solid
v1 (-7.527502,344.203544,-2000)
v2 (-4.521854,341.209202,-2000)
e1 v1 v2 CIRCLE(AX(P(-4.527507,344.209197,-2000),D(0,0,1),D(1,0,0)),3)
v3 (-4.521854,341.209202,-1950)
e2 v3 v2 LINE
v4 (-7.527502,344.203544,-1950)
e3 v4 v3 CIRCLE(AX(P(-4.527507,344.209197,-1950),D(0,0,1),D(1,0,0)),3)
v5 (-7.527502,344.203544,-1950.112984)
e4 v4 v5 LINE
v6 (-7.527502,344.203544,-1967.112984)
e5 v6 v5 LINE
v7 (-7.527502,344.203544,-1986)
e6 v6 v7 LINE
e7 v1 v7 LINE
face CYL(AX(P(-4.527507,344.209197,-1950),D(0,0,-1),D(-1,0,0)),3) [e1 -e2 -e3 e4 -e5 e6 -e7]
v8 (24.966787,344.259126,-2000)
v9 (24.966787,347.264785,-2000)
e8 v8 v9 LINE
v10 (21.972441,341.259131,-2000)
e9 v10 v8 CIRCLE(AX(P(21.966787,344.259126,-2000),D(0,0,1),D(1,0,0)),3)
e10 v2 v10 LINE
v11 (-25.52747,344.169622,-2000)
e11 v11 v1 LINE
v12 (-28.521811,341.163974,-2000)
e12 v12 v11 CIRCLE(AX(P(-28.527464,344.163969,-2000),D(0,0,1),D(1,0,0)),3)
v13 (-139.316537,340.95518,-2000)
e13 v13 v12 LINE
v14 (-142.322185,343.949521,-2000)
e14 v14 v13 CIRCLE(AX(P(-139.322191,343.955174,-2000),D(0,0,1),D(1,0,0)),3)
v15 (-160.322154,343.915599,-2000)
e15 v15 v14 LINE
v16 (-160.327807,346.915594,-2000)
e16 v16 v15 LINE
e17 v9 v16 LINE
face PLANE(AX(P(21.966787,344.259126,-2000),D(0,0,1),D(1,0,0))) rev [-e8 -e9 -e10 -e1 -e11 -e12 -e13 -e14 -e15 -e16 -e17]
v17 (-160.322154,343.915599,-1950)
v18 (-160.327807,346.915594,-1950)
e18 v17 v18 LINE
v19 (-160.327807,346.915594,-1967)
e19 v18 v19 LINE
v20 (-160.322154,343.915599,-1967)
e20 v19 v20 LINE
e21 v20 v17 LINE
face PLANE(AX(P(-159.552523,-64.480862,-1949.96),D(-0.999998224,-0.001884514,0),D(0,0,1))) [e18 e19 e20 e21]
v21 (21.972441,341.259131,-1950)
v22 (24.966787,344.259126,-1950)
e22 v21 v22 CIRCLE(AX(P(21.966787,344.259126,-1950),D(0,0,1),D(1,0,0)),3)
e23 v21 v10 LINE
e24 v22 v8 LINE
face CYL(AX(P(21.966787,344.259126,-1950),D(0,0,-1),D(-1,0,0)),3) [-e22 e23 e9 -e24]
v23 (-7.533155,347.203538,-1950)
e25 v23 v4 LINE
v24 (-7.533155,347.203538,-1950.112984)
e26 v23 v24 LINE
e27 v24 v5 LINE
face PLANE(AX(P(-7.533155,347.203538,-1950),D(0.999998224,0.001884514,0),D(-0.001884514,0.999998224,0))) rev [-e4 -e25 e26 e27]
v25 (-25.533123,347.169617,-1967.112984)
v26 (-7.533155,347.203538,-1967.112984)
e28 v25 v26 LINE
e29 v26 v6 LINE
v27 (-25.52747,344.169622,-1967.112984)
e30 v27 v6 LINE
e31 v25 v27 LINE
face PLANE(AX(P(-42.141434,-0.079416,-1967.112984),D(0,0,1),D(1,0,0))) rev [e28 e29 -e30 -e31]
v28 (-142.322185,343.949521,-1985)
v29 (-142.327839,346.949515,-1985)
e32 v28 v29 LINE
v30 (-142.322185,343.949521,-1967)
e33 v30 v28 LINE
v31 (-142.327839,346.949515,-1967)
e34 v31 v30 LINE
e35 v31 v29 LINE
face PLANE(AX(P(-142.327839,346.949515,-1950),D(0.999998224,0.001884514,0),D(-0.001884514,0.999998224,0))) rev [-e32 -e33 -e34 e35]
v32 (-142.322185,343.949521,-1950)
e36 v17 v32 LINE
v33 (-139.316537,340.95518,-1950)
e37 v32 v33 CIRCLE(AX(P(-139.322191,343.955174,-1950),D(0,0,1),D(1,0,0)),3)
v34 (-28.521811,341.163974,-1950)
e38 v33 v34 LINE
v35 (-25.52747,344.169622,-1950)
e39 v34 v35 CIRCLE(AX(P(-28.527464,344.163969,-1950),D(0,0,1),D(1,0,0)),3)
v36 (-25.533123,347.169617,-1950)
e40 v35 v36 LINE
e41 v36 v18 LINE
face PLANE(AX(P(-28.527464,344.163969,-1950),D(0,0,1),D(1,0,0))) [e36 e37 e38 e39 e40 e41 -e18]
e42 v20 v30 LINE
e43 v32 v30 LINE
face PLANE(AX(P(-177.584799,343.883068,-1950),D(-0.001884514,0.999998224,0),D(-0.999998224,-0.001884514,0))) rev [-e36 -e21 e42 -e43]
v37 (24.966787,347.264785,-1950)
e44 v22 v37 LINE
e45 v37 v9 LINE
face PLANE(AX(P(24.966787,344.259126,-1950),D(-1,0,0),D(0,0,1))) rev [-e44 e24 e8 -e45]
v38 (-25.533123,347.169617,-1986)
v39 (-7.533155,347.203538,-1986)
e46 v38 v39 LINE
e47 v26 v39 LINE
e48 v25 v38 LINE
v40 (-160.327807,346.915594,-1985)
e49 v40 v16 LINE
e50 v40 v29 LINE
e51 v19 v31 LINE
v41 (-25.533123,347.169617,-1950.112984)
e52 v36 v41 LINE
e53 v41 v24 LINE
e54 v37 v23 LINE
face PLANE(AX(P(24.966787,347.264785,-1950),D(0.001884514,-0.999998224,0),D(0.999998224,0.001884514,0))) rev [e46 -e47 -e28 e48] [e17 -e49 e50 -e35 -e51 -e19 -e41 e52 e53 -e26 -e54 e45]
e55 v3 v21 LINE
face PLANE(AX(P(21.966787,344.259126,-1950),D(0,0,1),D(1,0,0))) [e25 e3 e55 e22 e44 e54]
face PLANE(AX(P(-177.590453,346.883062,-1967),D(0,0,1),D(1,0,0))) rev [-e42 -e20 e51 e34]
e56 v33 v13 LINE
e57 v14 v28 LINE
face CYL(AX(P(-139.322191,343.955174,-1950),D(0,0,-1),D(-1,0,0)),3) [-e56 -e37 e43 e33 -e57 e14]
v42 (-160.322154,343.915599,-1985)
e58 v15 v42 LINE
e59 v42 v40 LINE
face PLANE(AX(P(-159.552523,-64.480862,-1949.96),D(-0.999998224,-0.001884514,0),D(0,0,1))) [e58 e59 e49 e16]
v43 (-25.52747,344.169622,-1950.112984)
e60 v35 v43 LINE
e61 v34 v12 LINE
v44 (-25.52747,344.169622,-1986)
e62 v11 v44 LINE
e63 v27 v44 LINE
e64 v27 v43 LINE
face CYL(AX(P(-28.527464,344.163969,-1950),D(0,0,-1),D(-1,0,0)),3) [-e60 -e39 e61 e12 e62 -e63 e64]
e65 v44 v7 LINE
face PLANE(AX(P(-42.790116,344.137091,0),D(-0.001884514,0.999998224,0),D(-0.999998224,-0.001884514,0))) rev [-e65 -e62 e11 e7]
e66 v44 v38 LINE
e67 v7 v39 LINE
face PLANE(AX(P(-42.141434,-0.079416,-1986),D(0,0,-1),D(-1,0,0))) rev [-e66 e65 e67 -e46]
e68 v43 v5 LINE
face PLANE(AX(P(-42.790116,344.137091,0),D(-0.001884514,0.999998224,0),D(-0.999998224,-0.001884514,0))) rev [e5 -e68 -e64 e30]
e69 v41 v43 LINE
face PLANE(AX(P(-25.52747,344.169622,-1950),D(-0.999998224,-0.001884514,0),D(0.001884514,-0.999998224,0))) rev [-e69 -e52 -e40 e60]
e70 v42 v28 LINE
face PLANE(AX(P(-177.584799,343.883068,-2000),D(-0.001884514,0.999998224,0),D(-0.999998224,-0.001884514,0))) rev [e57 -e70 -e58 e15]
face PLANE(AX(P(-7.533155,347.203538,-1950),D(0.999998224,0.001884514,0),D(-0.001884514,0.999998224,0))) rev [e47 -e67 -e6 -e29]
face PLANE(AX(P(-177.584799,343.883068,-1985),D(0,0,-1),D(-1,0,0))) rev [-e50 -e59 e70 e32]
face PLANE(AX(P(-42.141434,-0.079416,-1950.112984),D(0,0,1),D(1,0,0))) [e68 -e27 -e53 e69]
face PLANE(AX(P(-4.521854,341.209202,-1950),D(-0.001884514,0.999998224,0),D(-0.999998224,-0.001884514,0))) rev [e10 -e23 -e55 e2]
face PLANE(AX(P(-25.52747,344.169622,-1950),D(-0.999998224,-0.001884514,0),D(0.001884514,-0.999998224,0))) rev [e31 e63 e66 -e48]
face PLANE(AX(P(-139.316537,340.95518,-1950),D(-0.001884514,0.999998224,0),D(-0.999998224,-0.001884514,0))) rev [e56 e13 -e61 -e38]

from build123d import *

# Parameters (mm, degrees)
BOSS_EXTRUDE4_DEPTH   = 50
BOSS_EXTRUDE4_2_DEPTH = 50
SKETCH7_W             = 17
SKETCH7_H             = 3
SKETCH7_W_2           = 14
BOSS_EXTRUDE5_DEPTH   = 18
SKETCH8_W             = 17
SKETCH8_H             = 3
SKETCH8_W_2           = 15
BOSS_EXTRUDE6_DEPTH   = 18


with BuildPart() as part:
    # Sketch6 → Boss-Extrude4 (new body)
    with BuildSketch(Plane.XY.offset(-2000)):
        with BuildLine():
            Line((24.966787002, 344.25912611), (24.966787002, 347.264784988))
            Line((24.966787002, 347.264784988), (-7.533155287, 347.203538294))
            Line((-7.533155287, 347.203538294), (-7.527501746, 344.203543621))
            ThreePointArc((-7.527501746, 344.203543621), (-6.644825993, 342.083882928), (-4.521853532, 341.209202489))
            Line((-4.521853532, 341.209202489), (21.972440543, 341.259131437))
            ThreePointArc((21.972440543, 341.259131437), (24.090105234, 342.139805537), (24.966787002, 344.25912611))
        make_face()
    extrude(amount=BOSS_EXTRUDE4_DEPTH)



with BuildPart() as body_2:
    # Sketch6 → Boss-Extrude4 2 (new body)
    with BuildSketch(Plane.XY.offset(-2000)):
        with BuildLine():
            Line((-25.527469784, 344.169622375), (-25.533123325, 347.169617048))
            Line((-25.533123325, 347.169617048), (-142.327839016, 346.949515419))
            Line((-142.327839016, 346.949515419), (-142.322185475, 343.949520746))
            ThreePointArc((-142.322185475, 343.949520746), (-141.439509722, 341.829860053), (-139.316537261, 340.955179614))
            Line((-139.316537261, 340.955179614), (-28.521810916, 341.163974161))
            ThreePointArc((-28.521810916, 341.163974161), (-26.402150223, 342.046649914), (-25.527469784, 344.169622375))
        make_face()
    extrude(amount=BOSS_EXTRUDE4_2_DEPTH)


with BuildPart() as part_1:
    add(part.part)

    add(body_2.part)  # Boss-Extrude5 merges body 2
    # Sketch7 → Boss-Extrude5 (add)
    with BuildSketch(Plane(origin=(-6.878819882, -0.012963253, 0), x_dir=(0, 0, 1), z_dir=(-0.9999982243025385, -0.001884513669318331, 0))):
        with Locations((-1958.612984199, 345.717118099)):
            Rectangle(SKETCH7_W, SKETCH7_H)
        with Locations((-1993, 345.717118099)):
            Rectangle(SKETCH7_W_2, SKETCH7_H)
    extrude(amount=BOSS_EXTRUDE5_DEPTH)

    # Sketch8 → Boss-Extrude6 (add)
    with BuildSketch(Plane(origin=(-141.673503611, -0.266986128, 0), x_dir=(0, 0, 1), z_dir=(-0.9999982243025385, -0.001884513669318331, 0))):
        with Locations((-1958.5, 345.717118099)):
            Rectangle(SKETCH8_W, SKETCH8_H)
        with Locations((-1992.5, 345.717118099)):
            Rectangle(SKETCH8_W_2, SKETCH8_H)
    extrude(amount=BOSS_EXTRUDE6_DEPTH)


solid = part_1.part
